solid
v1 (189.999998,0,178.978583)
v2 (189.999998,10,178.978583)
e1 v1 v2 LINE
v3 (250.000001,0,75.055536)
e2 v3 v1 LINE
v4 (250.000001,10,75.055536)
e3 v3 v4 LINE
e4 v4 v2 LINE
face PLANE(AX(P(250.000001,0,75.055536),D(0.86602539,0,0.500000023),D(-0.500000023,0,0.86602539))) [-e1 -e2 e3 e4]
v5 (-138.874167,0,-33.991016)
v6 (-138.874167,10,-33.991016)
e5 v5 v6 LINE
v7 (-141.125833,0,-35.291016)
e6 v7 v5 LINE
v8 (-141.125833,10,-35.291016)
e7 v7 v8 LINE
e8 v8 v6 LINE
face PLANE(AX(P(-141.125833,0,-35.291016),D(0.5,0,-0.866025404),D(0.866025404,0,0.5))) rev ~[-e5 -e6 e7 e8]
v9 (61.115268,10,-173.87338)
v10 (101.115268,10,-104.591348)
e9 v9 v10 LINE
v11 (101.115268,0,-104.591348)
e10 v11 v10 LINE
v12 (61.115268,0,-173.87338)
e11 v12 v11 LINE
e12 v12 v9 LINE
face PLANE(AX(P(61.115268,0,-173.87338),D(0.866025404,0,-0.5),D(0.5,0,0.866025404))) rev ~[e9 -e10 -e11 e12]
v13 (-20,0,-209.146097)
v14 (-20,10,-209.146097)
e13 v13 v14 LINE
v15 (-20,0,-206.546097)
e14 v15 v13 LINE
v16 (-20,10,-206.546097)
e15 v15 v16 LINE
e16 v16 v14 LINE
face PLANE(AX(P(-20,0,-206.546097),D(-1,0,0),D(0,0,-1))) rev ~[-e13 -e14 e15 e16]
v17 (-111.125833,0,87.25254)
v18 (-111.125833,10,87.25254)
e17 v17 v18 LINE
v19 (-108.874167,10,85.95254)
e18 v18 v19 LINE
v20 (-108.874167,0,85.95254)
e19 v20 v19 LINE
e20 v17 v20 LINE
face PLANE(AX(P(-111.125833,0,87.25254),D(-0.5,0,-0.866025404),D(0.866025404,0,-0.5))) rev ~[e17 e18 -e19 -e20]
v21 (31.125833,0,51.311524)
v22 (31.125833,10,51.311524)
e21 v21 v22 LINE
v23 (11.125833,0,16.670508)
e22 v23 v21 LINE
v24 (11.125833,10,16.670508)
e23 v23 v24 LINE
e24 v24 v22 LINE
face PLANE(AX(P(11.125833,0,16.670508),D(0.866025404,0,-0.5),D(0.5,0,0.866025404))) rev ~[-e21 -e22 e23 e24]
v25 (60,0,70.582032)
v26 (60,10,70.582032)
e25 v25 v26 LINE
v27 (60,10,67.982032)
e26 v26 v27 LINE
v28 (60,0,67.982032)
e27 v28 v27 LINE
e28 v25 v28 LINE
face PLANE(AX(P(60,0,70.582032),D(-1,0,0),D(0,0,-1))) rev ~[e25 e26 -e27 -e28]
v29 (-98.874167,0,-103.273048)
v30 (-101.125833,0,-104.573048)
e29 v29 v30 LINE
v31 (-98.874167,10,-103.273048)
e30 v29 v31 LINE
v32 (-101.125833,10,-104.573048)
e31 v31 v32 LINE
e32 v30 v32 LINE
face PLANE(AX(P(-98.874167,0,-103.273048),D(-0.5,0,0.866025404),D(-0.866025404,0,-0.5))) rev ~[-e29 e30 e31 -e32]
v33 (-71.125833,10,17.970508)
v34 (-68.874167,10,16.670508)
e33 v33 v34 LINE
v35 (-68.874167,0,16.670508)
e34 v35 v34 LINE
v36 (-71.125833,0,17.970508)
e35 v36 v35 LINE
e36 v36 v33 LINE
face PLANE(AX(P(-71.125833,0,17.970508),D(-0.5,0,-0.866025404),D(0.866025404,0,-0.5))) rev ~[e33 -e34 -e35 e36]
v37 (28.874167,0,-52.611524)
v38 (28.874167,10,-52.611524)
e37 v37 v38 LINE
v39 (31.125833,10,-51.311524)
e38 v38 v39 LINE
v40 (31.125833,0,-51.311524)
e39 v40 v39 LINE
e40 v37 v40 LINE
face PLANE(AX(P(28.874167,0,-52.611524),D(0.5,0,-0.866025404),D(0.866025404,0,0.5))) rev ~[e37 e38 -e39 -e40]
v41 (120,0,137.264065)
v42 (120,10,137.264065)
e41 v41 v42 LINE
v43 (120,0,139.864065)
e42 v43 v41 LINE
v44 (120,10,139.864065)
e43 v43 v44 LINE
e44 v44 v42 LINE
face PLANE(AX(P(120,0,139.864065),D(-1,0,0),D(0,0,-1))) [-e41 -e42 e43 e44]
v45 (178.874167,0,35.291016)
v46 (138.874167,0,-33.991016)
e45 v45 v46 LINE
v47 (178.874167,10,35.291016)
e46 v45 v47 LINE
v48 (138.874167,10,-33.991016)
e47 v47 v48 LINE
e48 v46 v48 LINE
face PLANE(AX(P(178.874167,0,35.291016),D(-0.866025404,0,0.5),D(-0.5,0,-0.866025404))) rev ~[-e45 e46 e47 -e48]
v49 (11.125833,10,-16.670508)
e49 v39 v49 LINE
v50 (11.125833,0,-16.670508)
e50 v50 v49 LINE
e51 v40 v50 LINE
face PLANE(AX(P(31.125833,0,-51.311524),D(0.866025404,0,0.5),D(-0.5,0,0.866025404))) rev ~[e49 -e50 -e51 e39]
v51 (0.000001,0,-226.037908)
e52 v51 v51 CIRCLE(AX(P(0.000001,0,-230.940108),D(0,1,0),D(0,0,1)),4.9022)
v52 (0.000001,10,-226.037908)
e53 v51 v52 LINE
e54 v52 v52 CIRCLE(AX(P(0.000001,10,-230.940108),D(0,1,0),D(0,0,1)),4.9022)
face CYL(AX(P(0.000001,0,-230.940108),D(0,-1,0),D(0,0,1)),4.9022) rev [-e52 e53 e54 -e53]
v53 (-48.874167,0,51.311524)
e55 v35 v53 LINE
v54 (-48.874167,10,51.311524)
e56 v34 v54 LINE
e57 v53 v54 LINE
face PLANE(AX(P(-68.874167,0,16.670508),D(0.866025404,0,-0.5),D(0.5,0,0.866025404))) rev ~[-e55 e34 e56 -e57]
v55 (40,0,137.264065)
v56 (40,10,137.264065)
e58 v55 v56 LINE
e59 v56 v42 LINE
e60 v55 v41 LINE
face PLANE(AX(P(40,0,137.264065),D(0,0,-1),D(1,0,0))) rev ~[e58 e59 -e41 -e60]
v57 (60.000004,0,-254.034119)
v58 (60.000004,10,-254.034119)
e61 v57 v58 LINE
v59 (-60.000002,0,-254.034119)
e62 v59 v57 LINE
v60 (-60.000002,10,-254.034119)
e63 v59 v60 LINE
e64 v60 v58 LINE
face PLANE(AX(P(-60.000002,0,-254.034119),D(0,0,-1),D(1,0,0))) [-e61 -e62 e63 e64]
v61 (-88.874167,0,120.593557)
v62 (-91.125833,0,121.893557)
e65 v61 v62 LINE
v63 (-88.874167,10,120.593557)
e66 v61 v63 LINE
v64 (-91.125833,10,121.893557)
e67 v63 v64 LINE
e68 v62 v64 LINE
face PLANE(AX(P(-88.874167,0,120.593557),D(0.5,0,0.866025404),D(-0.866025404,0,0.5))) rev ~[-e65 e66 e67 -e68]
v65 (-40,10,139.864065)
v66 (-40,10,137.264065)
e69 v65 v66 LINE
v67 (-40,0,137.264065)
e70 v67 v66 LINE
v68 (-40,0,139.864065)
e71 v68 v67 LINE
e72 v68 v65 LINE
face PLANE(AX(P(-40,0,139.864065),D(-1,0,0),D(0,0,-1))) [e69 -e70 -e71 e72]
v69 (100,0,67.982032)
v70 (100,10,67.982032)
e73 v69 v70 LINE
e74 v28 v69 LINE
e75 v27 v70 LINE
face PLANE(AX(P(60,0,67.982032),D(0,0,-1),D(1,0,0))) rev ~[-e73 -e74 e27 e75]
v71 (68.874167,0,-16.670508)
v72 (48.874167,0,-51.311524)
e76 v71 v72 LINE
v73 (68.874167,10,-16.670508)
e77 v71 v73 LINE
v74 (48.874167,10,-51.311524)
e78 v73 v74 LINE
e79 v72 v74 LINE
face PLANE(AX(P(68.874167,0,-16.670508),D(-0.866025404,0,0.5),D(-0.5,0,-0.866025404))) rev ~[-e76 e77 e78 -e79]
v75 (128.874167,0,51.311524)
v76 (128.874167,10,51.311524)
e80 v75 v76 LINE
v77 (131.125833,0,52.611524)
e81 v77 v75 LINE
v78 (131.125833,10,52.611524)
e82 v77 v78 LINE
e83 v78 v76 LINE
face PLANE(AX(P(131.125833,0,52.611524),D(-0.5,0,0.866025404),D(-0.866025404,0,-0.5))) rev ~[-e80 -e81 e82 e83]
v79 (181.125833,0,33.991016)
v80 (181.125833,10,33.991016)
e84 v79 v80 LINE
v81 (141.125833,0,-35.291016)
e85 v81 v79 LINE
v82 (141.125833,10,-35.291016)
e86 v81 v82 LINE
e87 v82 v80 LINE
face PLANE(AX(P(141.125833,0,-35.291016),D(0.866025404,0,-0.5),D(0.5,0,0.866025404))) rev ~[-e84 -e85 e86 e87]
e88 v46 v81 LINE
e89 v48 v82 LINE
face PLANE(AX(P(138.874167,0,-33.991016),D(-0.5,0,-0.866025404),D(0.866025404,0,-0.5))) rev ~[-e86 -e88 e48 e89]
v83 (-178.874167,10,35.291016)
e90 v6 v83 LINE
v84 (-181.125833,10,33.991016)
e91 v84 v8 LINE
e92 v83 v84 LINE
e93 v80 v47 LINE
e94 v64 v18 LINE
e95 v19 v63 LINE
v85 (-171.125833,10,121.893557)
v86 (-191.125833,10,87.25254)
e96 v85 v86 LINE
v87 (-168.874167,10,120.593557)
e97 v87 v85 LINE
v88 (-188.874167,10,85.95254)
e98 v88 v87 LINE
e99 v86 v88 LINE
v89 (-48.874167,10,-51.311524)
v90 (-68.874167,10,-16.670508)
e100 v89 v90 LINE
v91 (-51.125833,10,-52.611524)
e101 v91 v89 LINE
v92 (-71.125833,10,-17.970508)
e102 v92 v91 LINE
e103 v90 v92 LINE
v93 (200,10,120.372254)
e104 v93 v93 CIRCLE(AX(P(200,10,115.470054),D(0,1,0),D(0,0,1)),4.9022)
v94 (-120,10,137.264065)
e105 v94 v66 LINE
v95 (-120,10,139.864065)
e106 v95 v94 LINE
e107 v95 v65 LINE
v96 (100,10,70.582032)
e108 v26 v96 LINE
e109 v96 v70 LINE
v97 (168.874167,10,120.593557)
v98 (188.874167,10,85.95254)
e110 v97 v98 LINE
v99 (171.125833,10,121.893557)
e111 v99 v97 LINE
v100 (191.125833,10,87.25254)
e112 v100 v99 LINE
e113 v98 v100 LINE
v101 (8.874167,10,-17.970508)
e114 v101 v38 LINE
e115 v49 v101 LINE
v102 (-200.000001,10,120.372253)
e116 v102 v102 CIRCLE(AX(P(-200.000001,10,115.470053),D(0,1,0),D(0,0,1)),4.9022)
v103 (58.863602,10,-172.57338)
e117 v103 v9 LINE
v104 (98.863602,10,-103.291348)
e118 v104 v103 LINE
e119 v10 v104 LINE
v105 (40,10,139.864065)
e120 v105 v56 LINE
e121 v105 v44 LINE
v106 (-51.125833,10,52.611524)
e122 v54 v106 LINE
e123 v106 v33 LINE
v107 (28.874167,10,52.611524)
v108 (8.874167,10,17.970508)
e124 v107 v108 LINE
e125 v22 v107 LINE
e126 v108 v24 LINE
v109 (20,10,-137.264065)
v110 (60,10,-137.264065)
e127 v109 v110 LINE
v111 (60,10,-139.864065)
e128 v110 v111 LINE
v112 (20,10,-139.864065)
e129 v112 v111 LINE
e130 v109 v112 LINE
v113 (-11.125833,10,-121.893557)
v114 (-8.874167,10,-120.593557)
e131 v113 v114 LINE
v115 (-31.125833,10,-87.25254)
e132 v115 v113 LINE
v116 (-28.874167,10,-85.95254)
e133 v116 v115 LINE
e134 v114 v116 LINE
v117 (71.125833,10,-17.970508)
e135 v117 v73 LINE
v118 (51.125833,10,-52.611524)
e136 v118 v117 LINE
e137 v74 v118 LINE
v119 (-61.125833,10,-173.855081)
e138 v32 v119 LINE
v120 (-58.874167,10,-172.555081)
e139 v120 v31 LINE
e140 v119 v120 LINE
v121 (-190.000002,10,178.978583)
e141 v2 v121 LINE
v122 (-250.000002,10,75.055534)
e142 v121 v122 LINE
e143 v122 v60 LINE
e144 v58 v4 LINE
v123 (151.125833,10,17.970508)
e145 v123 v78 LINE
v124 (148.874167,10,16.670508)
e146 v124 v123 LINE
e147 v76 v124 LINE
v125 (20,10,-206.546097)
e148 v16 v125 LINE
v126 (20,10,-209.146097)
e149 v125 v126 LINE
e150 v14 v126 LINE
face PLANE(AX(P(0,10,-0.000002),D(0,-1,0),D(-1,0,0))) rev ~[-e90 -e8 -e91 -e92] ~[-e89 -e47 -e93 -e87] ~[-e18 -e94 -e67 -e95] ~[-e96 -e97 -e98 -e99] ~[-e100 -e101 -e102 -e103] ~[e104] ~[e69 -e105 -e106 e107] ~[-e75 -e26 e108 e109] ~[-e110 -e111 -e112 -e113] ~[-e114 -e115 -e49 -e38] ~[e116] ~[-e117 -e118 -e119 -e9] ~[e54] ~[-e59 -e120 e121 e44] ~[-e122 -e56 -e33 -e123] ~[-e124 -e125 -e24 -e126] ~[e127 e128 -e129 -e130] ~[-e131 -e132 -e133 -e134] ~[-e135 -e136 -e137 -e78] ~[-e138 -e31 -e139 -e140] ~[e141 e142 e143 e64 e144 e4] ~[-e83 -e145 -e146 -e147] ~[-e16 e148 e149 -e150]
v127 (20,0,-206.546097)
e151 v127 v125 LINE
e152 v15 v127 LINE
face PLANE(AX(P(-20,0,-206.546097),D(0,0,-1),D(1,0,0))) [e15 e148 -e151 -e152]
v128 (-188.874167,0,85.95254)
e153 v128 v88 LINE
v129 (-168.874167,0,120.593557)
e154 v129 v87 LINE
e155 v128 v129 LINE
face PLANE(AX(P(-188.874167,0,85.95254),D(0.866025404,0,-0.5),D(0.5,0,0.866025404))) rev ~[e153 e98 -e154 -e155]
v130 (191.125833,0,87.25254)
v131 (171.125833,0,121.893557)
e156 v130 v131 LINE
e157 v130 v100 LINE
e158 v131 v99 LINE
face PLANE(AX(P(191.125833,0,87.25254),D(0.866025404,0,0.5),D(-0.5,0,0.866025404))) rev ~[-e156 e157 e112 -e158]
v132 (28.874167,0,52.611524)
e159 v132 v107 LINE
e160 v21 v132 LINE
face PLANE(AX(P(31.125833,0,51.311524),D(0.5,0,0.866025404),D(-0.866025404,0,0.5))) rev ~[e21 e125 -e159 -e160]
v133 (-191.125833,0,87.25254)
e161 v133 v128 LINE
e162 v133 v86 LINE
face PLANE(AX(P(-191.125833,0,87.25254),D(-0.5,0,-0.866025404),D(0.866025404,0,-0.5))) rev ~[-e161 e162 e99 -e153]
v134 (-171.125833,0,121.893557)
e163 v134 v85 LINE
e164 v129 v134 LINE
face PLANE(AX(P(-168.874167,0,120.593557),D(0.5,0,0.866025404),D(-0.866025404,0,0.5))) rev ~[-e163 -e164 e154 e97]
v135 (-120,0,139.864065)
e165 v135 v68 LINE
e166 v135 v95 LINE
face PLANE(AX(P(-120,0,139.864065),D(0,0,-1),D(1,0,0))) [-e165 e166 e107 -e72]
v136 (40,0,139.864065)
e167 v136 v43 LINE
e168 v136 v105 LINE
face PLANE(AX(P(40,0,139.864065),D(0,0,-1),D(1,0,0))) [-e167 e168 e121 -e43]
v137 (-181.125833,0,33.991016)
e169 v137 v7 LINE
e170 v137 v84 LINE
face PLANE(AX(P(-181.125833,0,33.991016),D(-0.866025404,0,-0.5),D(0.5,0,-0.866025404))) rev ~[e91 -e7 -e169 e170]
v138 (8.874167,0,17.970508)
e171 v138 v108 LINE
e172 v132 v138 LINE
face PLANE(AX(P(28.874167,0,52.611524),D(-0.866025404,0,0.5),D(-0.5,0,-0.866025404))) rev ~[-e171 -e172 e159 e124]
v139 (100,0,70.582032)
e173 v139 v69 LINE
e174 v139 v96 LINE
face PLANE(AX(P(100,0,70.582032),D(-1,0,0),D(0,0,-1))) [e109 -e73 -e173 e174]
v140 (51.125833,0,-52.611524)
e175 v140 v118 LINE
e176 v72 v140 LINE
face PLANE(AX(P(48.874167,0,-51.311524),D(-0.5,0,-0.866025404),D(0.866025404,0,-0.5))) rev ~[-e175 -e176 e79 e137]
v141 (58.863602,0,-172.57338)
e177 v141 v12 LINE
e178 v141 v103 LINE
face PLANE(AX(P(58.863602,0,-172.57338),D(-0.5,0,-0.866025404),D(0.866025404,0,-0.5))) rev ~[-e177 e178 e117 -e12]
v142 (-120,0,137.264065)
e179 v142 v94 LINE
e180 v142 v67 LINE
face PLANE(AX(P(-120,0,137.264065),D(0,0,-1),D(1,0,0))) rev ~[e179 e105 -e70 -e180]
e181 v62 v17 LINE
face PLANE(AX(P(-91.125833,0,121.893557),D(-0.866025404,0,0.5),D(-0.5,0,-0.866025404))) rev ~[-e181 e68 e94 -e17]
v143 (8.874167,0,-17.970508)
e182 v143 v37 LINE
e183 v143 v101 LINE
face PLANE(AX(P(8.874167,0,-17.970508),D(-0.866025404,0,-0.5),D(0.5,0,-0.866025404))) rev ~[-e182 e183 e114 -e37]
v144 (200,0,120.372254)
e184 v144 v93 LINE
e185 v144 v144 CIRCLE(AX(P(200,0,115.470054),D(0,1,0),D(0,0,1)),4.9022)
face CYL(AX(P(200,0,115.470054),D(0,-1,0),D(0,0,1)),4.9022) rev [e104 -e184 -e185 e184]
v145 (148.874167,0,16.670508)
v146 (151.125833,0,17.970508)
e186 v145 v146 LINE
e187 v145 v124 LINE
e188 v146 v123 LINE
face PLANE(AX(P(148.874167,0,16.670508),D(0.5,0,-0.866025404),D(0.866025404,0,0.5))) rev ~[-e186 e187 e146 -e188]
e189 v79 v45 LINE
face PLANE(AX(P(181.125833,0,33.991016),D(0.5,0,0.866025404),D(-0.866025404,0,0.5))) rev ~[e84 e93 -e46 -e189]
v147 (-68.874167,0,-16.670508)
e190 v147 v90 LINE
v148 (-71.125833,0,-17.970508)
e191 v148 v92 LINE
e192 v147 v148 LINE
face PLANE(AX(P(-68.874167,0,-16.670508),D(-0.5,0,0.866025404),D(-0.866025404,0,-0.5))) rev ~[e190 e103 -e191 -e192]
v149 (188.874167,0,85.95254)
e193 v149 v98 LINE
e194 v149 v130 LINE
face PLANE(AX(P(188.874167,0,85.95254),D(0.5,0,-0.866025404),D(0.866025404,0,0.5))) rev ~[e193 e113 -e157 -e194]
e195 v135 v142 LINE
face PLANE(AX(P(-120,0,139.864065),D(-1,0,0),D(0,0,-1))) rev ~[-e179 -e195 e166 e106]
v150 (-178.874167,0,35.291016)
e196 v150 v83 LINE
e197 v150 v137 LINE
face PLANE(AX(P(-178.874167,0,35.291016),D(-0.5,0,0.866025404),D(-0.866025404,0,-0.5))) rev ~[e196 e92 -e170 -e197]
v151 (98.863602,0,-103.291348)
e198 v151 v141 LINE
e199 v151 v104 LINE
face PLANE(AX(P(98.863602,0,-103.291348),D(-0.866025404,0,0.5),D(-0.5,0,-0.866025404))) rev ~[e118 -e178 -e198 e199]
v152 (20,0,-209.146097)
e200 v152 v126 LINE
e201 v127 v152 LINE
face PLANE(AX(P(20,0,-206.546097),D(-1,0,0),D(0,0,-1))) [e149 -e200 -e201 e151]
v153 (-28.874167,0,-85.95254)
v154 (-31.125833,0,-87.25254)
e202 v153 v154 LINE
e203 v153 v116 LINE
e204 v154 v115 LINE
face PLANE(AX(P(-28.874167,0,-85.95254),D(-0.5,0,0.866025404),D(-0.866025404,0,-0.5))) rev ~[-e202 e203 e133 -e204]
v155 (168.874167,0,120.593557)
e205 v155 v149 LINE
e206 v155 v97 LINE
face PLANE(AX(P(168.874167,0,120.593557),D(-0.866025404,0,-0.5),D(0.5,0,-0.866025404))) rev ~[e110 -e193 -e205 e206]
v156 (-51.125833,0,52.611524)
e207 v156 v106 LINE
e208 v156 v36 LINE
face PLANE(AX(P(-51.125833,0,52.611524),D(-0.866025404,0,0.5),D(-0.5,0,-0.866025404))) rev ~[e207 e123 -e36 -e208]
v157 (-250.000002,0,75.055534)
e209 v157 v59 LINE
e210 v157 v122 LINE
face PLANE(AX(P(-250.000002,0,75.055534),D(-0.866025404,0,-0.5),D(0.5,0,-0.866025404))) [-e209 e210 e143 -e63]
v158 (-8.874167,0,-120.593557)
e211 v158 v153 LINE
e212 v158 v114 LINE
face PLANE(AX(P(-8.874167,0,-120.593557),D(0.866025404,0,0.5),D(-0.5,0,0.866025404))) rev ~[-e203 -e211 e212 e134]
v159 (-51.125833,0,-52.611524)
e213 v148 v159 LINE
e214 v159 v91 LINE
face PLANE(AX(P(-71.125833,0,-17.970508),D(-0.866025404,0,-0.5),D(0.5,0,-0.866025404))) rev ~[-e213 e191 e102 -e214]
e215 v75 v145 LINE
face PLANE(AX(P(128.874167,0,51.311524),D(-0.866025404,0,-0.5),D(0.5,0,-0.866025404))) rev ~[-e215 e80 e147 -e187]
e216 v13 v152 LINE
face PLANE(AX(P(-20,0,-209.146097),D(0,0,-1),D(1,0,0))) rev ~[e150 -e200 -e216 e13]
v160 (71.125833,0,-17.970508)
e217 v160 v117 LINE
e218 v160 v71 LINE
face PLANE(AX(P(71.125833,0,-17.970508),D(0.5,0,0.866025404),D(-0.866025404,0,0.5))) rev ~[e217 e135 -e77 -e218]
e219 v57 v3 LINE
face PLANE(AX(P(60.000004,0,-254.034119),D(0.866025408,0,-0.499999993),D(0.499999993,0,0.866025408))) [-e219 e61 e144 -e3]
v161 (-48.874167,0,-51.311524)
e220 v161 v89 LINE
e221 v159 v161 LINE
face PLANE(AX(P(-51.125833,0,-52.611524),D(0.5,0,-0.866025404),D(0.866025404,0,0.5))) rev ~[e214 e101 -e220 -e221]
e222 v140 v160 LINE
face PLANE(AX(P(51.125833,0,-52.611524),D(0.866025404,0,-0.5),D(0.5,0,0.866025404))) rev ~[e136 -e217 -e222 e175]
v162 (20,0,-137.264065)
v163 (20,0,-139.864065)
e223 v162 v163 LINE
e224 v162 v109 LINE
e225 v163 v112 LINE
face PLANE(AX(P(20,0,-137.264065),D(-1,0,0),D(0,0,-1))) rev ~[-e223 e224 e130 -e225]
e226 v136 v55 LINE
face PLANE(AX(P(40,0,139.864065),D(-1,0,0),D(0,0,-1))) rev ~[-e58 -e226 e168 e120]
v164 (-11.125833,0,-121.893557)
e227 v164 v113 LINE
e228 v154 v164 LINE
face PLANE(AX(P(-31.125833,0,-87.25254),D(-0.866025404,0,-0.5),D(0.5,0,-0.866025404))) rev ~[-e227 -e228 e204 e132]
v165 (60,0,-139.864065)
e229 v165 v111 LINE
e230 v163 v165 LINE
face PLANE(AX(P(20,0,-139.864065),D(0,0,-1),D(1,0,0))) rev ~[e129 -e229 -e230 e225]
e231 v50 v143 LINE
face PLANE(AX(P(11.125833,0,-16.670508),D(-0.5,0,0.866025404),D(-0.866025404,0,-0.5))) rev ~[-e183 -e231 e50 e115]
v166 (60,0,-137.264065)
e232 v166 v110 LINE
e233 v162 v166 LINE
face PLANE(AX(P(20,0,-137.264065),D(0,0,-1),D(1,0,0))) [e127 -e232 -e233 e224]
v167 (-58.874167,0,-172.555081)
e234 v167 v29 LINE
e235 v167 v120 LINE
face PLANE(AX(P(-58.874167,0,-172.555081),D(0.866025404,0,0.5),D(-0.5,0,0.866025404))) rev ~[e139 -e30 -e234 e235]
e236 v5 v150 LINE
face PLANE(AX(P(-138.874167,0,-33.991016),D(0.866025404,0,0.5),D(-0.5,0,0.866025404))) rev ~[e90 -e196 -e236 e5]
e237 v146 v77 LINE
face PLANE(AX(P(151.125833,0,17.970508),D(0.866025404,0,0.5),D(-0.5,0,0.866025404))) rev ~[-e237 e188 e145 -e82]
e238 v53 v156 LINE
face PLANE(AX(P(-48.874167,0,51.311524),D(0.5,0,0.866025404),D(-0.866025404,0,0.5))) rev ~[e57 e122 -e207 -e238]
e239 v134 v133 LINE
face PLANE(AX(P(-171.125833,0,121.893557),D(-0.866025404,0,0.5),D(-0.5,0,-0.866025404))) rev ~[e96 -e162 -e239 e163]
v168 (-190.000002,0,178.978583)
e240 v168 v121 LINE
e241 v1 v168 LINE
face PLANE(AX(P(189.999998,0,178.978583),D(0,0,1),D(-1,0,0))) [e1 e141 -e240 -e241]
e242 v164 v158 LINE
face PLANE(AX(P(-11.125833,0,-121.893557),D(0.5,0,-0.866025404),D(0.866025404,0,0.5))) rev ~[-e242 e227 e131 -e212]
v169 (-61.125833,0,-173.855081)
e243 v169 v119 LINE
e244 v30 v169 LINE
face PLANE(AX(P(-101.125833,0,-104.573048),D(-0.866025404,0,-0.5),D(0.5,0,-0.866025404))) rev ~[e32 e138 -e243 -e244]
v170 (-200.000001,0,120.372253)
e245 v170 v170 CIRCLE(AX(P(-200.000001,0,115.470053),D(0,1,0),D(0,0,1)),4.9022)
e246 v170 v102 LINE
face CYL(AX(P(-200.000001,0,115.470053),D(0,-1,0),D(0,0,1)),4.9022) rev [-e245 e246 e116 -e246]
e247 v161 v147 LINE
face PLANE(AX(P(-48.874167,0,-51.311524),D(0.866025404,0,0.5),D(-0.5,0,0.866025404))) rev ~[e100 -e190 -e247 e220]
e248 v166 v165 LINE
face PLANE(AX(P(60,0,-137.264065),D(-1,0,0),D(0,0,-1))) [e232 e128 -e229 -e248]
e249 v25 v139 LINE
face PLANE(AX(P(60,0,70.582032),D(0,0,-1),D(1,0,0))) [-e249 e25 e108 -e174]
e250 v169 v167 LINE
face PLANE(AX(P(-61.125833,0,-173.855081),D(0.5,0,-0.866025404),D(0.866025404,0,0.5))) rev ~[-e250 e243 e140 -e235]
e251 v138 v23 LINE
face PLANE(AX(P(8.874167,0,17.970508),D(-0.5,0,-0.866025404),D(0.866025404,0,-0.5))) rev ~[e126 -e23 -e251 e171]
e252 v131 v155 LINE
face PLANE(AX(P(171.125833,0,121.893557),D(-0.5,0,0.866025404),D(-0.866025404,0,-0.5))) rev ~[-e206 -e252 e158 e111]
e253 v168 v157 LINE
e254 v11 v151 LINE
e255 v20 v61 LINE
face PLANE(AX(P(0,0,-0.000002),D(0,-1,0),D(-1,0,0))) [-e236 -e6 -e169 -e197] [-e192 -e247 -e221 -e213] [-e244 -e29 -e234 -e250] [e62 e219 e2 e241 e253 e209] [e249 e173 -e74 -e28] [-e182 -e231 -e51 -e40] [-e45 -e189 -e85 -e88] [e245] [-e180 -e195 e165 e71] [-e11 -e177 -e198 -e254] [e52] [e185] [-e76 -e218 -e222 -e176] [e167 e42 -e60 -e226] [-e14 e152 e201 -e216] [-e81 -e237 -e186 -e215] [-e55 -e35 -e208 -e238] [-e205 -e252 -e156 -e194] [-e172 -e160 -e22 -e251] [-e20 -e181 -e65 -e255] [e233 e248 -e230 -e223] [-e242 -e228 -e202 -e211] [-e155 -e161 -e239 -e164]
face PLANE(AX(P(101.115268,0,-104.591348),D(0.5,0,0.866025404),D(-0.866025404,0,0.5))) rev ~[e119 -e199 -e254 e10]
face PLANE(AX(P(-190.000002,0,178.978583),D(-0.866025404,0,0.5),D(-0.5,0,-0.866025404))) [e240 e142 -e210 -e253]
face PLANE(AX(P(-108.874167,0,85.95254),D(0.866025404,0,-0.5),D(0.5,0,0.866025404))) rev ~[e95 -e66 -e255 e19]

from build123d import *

# Parameters (mm, degrees)
SKETCH1_R           = 4.9022
SKETCH1_W           = 40
SKETCH1_H           = 2.6
SKETCH1_W_2         = 80
BOSS_EXTRUDE4_DEPTH = 10


with BuildPart() as part:
    # Sketch1 → Boss-Extrude4 (new body)
    with BuildSketch(Plane(origin=(0, 0, 0), x_dir=(1, 0, 0), z_dir=(0, 1, 0))):
        Polygon((-60.000001624, 254.034119381), (60.000003913, 254.034119381), (250.000001144, -75.055535655), (189.999998376, -178.978582511), (-190.000001624, -178.978582511), (-250.000001624, -75.055534057), align=None)
        with Locations(Location((-200.000000812, -115.470053369, 0), (0, 0, 270))):
            Circle(SKETCH1_R, mode=Mode.SUBTRACT)
        with Locations(Location((199.99999988, -115.470053769, 0), (0, 0, 270))):
            Circle(SKETCH1_R, mode=Mode.SUBTRACT)
        with Locations(Location((5.72e-07, 230.940108145, 0), (0, 0, 270))):
            Circle(SKETCH1_R, mode=Mode.SUBTRACT)
        Polygon((-191.125833025, -87.252540378), (-188.874166975, -85.952540378), (-168.874166975, -120.59355653), (-171.125833025, -121.89355653), align=None, mode=Mode.SUBTRACT)
        with Locations((0, 207.846096908)):
            Rectangle(SKETCH1_W, SKETCH1_H, mode=Mode.SUBTRACT)
        Polygon((188.874166975, -85.952540378), (191.125833025, -87.252540378), (171.125833025, -121.89355653), (168.874166975, -120.59355653), align=None, mode=Mode.SUBTRACT)
        Polygon((148.874166975, -16.670508076), (151.125833025, -17.970508076), (131.125833025, -52.611524227), (128.874166975, -51.311524227), align=None, mode=Mode.SUBTRACT)
        Polygon((-51.125833025, 52.611524227), (-48.874166975, 51.311524227), (-68.874166975, 16.670508076), (-71.125833025, 17.970508076), align=None, mode=Mode.SUBTRACT)
        Polygon((-11.125833025, 121.89355653), (-8.874166975, 120.59355653), (-28.874166975, 85.952540378), (-31.125833025, 87.252540378), align=None, mode=Mode.SUBTRACT)
        Polygon((28.874166975, 52.611524227), (31.125833025, 51.311524227), (11.125833025, 16.670508076), (8.874166975, 17.970508076), align=None, mode=Mode.SUBTRACT)
        Polygon((-61.125833025, 173.855080757), (-58.874166975, 172.555080757), (-98.874166975, 103.273048454), (-101.125833025, 104.573048454), align=None, mode=Mode.SUBTRACT)
        Polygon((-141.125833025, 35.291016151), (-138.874166975, 33.991016151), (-178.874166975, -35.291016151), (-181.125833025, -33.991016151), align=None, mode=Mode.SUBTRACT)
        with Locations((40, 138.564064606)):
            Rectangle(SKETCH1_W, SKETCH1_H, mode=Mode.SUBTRACT)
        with Locations((80, -69.282032303)):
            Rectangle(SKETCH1_W, SKETCH1_H, mode=Mode.SUBTRACT)
        with Locations((-80, -138.564064606)):
            Rectangle(SKETCH1_W_2, SKETCH1_H, mode=Mode.SUBTRACT)
        with Locations((80, -138.564064606)):
            Rectangle(SKETCH1_W_2, SKETCH1_H, mode=Mode.SUBTRACT)
        Polygon((-111.125833025, -87.252540378), (-108.874166975, -85.952540378), (-88.874166975, -120.59355653), (-91.125833025, -121.89355653), align=None, mode=Mode.SUBTRACT)
        Polygon((-71.125833025, -17.970508076), (-68.874166975, -16.670508076), (-48.874166975, -51.311524227), (-51.125833025, -52.611524227), align=None, mode=Mode.SUBTRACT)
        Polygon((8.874166975, -17.970508076), (11.125833025, -16.670508076), (31.125833025, -51.311524227), (28.874166975, -52.611524227), align=None, mode=Mode.SUBTRACT)
        Polygon((48.874166975, 51.311524227), (51.125833025, 52.611524227), (71.125833025, 17.970508076), (68.874166975, 16.670508076), align=None, mode=Mode.SUBTRACT)
        Polygon((58.863601684, 172.573380377), (61.115267734, 173.873380377), (101.115267734, 104.591348074), (98.863601684, 103.291348074), align=None, mode=Mode.SUBTRACT)
        Polygon((138.874166975, 33.991016151), (141.125833025, 35.291016151), (181.125833025, -33.991016151), (178.874166975, -35.291016151), align=None, mode=Mode.SUBTRACT)
    extrude(amount=BOSS_EXTRUDE4_DEPTH)


solid = part.part
